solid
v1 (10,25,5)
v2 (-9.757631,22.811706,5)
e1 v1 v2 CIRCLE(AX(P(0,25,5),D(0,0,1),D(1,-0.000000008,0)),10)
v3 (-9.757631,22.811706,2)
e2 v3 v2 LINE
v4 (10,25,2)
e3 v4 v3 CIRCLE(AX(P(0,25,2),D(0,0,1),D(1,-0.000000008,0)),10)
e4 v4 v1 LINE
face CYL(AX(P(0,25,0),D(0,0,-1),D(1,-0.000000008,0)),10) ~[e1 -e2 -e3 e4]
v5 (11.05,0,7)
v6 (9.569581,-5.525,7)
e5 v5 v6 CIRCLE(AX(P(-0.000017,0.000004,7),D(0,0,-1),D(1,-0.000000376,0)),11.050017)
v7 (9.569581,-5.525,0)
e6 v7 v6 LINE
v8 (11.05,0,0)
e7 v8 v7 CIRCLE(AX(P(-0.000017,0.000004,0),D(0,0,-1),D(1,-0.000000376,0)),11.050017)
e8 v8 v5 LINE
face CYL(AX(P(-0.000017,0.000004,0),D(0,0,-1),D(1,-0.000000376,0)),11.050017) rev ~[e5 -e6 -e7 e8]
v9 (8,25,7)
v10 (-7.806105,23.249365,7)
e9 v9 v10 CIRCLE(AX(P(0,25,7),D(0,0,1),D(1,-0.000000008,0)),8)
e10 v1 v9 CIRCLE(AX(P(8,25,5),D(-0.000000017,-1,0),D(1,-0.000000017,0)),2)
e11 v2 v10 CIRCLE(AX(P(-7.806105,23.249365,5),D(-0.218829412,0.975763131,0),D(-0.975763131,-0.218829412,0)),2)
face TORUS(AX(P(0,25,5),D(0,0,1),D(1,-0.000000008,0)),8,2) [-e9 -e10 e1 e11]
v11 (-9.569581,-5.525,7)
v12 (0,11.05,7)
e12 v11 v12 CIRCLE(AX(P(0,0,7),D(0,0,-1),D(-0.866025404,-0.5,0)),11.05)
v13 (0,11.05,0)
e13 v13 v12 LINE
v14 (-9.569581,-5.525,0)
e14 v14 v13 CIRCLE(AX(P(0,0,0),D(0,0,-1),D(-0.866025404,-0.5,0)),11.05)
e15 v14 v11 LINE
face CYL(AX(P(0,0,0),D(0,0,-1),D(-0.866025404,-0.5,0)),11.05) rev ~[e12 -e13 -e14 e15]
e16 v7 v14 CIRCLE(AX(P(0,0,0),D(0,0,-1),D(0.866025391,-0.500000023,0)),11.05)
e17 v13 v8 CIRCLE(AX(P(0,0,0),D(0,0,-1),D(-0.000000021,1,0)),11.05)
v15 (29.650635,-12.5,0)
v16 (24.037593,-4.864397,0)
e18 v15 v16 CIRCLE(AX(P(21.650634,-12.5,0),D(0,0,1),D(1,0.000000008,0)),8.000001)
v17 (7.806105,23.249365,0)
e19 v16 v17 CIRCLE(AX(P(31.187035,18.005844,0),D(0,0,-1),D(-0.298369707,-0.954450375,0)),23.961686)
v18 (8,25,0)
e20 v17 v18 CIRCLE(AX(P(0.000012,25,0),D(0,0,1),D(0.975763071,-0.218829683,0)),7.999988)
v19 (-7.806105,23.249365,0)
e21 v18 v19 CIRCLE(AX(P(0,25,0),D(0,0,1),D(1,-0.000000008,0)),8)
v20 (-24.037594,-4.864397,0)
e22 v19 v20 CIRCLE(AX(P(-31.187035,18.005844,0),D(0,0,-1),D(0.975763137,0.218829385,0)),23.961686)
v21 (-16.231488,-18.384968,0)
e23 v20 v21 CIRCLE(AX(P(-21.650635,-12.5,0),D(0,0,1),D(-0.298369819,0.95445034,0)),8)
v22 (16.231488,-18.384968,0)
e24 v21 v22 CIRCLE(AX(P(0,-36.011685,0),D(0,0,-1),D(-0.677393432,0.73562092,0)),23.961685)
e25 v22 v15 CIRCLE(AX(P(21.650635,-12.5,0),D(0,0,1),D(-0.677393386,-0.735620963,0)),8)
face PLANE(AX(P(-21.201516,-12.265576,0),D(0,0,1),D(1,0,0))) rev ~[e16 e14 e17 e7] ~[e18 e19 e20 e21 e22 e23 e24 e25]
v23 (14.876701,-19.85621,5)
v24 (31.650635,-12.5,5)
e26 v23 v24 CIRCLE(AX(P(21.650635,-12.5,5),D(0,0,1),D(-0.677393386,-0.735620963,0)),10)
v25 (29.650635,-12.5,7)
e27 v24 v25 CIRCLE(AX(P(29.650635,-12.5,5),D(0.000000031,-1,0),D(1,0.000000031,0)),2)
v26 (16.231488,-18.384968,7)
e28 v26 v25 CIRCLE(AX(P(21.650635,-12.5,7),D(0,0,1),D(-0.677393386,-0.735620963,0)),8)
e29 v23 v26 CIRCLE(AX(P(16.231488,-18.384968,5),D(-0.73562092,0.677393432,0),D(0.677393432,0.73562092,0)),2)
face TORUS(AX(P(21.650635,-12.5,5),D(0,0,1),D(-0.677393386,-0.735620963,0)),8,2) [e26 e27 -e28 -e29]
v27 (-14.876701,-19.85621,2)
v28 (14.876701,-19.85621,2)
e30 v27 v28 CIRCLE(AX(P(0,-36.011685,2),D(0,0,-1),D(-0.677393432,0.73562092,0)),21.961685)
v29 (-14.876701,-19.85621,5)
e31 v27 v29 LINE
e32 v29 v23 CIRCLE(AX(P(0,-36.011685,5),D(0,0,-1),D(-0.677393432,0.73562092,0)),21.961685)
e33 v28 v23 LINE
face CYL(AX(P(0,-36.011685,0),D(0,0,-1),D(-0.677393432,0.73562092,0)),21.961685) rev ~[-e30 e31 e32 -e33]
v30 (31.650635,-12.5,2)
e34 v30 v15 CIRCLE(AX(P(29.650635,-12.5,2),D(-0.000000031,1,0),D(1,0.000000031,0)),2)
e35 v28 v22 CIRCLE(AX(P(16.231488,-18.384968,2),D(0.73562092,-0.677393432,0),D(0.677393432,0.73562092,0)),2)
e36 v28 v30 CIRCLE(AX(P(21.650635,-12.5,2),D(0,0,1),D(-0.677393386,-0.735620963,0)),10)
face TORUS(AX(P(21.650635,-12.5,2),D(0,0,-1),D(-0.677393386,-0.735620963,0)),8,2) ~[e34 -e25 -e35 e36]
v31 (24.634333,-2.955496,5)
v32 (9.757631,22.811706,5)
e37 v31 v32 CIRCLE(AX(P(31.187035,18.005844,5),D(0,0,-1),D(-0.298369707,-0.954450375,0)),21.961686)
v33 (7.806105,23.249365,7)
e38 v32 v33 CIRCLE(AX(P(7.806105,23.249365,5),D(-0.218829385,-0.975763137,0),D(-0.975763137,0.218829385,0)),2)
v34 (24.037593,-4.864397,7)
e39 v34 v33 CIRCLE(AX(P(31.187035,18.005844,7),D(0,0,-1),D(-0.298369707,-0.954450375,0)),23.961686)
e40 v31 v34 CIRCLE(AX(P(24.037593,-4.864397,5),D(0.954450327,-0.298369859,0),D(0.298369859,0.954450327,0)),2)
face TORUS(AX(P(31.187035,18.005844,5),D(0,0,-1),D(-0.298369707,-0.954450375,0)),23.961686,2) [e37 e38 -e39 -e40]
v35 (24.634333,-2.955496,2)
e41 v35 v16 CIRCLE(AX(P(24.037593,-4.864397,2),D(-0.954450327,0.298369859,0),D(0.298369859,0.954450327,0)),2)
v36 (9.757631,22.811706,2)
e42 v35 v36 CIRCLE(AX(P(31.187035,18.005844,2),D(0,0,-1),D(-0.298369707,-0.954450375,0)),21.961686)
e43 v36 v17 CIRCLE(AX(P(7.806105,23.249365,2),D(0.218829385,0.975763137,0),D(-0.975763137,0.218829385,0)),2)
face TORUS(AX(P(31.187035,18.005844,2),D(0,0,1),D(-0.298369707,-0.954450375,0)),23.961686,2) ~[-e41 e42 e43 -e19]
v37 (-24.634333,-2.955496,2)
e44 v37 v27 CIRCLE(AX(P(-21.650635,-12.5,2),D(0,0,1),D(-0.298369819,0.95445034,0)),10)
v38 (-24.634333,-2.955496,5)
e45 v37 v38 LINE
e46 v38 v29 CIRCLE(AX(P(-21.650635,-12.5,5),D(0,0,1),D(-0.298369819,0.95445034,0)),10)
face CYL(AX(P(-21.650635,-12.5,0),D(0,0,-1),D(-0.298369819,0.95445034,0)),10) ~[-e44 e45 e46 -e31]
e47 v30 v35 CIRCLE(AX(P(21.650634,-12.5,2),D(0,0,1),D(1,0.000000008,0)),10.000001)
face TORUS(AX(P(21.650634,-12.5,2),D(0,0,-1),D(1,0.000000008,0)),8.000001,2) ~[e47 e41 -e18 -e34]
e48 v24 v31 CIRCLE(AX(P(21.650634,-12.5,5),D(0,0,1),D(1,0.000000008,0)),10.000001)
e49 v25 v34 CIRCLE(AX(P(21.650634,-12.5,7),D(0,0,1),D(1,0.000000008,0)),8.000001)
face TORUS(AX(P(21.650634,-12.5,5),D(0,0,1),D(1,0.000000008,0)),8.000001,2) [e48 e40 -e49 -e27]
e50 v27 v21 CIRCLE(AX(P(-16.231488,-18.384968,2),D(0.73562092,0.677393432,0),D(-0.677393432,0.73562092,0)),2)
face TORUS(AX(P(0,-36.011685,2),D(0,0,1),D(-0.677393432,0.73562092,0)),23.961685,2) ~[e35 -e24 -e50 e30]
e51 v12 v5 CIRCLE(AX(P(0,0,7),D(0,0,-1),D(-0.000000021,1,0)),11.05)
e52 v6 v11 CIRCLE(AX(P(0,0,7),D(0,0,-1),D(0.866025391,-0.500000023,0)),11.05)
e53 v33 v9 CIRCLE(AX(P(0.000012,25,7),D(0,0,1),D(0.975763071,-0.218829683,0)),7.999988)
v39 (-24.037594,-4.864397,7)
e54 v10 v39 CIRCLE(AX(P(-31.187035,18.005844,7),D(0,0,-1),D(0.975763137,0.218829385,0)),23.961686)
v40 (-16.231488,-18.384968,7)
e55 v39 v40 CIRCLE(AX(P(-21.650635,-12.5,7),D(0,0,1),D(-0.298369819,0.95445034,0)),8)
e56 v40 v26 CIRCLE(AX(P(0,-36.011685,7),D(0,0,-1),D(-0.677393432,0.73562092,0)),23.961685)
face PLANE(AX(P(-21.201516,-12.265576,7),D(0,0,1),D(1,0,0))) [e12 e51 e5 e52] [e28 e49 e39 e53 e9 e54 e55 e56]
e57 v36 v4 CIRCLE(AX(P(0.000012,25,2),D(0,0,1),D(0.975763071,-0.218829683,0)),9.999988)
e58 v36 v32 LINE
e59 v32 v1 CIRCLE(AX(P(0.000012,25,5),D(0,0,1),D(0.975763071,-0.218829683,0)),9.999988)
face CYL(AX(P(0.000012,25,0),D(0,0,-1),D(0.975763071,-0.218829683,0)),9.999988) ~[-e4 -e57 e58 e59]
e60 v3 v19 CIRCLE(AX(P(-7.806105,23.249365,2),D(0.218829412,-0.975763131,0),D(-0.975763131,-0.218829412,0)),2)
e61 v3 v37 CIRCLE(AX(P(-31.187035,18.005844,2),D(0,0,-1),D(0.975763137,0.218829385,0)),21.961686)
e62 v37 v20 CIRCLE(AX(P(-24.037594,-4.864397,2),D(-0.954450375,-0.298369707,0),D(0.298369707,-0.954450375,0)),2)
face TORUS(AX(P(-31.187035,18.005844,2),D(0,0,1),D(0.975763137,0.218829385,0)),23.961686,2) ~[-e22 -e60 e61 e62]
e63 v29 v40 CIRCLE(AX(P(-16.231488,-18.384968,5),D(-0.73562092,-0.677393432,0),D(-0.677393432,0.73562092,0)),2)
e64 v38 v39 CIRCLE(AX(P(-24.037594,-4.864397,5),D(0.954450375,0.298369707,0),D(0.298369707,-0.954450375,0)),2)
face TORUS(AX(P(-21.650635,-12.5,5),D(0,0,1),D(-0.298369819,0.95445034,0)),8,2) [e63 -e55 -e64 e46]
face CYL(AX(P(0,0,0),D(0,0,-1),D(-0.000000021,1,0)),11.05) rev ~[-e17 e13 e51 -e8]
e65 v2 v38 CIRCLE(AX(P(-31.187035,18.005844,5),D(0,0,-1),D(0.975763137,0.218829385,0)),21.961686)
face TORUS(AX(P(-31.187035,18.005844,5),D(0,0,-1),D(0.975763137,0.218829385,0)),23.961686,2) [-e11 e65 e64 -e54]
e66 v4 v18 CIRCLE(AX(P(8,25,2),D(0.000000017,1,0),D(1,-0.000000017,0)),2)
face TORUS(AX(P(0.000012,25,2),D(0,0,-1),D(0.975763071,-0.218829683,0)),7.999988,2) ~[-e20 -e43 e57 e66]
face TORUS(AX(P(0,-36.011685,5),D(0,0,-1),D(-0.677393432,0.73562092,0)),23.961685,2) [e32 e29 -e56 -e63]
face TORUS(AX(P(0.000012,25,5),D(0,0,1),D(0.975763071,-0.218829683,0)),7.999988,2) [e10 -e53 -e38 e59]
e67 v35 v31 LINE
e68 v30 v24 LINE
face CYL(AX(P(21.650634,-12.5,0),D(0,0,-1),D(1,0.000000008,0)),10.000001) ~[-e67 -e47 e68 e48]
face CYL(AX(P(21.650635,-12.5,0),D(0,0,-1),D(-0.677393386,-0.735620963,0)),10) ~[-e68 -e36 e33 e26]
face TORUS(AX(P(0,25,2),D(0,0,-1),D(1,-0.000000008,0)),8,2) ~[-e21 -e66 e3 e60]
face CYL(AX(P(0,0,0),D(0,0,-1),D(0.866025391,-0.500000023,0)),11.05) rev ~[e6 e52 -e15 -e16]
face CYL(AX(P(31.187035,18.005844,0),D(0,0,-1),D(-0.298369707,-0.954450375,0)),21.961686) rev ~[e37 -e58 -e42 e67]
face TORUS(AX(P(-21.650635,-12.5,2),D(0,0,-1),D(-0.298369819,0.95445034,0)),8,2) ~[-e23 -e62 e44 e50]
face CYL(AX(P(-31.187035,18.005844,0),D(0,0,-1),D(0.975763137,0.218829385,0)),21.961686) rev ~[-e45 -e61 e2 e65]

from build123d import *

# Parameters (mm, degrees)
F1_DEPTH = 7
F2_R     = 2


with BuildPart() as f1:
    # F0 (on Top) → F1 (new body)
    with BuildSketch(Plane.XY):
        with BuildLine():
            ThreePointArc((-11.650635, -12.5), (-11.991377, -9.91181), (-12.990381, -7.5))
            ThreePointArc((-12.990381, -7.5), (-18.014847, -3.184365), (-24.634333, -2.955496))
            ThreePointArc((-24.634333, -2.955496), (-30.310889, -17.5), (-14.876701, -19.85621))
            ThreePointArc((-14.876701, -19.85621), (-12.492597, -16.516258), (-11.650635, -12.5))
        make_face()
        with BuildLine():
            ThreePointArc((-9.569581, -5.525), (-9.569581, 5.525), (0, 11.05))
            Line((0, 11.05), (0, 15))
            ThreePointArc((0, 15), (-6.249682, 17.193498), (-9.757631, 22.811706))
            ThreePointArc((-9.757631, 22.811706), (-12.167657, 7.025), (-24.634333, -2.955496))
            ThreePointArc((-24.634333, -2.955496), (-18.014847, -3.184365), (-12.990381, -7.5))
            Line((-12.990381, -7.5), (-9.569581, -5.525))
        make_face()
        with BuildLine():
            ThreePointArc((0, 11.05), (7.81353, 7.81353), (11.05, 0))
            ThreePointArc((11.05, 0), (10.67348, -2.85995), (9.569581, -5.525))
            Line((9.569581, -5.525), (12.990381, -7.5))
            ThreePointArc((12.990381, -7.5), (18.014847, -3.184365), (24.634333, -2.955496))
            ThreePointArc((24.634333, -2.955496), (12.167657, 7.025), (9.757631, 22.811706))
            ThreePointArc((9.757631, 22.811706), (6.249682, 17.193498), (0, 15))
            Line((0, 15), (0, 11.05))
        make_face()
        with BuildLine():
            ThreePointArc((-9.757631, 22.811706), (-6.249682, 17.193498), (0, 15))
            ThreePointArc((0, 15), (6.249682, 17.193498), (9.757631, 22.811706))
            ThreePointArc((9.757631, 22.811706), (9.939223, 23.899162), (10, 25))
            ThreePointArc((10, 25), (-1.100838, 34.939223), (-9.757631, 22.811706))
        make_face()
        with BuildLine():
            ThreePointArc((24.634333, -2.955496), (18.014847, -3.184365), (12.990381, -7.5))
            ThreePointArc((12.990381, -7.5), (11.765165, -14.009133), (14.876701, -19.85621))
            ThreePointArc((14.876701, -19.85621), (25.666893, -21.658039), (31.650635, -12.5))
            ThreePointArc((31.650635, -12.5), (29.707836, -6.577035), (24.634333, -2.955496))
        make_face()
        with BuildLine():
            Line((12.990381, -7.5), (9.569581, -5.525))
            ThreePointArc((9.569581, -5.525), (0, -11.05), (-9.569581, -5.525))
            Line((-9.569581, -5.525), (-12.990381, -7.5))
            ThreePointArc((-12.990381, -7.5), (-11.991377, -9.91181), (-11.650635, -12.5))
            ThreePointArc((-11.650635, -12.5), (-12.492597, -16.516258), (-14.876701, -19.85621))
            ThreePointArc((-14.876701, -19.85621), (0, -14.05), (14.876701, -19.85621))
            ThreePointArc((14.876701, -19.85621), (11.765165, -14.009133), (12.990381, -7.5))
        make_face()
    extrude(amount=F1_DEPTH)

    # F2
    f2_edges = [f1.edges().sort_by_distance(p)[0] for p in [
        (0, -14.05, 7),
        (0, -14.05, 0),
    ]]
    fillet(f2_edges, radius=F2_R)


solid = f1.part
